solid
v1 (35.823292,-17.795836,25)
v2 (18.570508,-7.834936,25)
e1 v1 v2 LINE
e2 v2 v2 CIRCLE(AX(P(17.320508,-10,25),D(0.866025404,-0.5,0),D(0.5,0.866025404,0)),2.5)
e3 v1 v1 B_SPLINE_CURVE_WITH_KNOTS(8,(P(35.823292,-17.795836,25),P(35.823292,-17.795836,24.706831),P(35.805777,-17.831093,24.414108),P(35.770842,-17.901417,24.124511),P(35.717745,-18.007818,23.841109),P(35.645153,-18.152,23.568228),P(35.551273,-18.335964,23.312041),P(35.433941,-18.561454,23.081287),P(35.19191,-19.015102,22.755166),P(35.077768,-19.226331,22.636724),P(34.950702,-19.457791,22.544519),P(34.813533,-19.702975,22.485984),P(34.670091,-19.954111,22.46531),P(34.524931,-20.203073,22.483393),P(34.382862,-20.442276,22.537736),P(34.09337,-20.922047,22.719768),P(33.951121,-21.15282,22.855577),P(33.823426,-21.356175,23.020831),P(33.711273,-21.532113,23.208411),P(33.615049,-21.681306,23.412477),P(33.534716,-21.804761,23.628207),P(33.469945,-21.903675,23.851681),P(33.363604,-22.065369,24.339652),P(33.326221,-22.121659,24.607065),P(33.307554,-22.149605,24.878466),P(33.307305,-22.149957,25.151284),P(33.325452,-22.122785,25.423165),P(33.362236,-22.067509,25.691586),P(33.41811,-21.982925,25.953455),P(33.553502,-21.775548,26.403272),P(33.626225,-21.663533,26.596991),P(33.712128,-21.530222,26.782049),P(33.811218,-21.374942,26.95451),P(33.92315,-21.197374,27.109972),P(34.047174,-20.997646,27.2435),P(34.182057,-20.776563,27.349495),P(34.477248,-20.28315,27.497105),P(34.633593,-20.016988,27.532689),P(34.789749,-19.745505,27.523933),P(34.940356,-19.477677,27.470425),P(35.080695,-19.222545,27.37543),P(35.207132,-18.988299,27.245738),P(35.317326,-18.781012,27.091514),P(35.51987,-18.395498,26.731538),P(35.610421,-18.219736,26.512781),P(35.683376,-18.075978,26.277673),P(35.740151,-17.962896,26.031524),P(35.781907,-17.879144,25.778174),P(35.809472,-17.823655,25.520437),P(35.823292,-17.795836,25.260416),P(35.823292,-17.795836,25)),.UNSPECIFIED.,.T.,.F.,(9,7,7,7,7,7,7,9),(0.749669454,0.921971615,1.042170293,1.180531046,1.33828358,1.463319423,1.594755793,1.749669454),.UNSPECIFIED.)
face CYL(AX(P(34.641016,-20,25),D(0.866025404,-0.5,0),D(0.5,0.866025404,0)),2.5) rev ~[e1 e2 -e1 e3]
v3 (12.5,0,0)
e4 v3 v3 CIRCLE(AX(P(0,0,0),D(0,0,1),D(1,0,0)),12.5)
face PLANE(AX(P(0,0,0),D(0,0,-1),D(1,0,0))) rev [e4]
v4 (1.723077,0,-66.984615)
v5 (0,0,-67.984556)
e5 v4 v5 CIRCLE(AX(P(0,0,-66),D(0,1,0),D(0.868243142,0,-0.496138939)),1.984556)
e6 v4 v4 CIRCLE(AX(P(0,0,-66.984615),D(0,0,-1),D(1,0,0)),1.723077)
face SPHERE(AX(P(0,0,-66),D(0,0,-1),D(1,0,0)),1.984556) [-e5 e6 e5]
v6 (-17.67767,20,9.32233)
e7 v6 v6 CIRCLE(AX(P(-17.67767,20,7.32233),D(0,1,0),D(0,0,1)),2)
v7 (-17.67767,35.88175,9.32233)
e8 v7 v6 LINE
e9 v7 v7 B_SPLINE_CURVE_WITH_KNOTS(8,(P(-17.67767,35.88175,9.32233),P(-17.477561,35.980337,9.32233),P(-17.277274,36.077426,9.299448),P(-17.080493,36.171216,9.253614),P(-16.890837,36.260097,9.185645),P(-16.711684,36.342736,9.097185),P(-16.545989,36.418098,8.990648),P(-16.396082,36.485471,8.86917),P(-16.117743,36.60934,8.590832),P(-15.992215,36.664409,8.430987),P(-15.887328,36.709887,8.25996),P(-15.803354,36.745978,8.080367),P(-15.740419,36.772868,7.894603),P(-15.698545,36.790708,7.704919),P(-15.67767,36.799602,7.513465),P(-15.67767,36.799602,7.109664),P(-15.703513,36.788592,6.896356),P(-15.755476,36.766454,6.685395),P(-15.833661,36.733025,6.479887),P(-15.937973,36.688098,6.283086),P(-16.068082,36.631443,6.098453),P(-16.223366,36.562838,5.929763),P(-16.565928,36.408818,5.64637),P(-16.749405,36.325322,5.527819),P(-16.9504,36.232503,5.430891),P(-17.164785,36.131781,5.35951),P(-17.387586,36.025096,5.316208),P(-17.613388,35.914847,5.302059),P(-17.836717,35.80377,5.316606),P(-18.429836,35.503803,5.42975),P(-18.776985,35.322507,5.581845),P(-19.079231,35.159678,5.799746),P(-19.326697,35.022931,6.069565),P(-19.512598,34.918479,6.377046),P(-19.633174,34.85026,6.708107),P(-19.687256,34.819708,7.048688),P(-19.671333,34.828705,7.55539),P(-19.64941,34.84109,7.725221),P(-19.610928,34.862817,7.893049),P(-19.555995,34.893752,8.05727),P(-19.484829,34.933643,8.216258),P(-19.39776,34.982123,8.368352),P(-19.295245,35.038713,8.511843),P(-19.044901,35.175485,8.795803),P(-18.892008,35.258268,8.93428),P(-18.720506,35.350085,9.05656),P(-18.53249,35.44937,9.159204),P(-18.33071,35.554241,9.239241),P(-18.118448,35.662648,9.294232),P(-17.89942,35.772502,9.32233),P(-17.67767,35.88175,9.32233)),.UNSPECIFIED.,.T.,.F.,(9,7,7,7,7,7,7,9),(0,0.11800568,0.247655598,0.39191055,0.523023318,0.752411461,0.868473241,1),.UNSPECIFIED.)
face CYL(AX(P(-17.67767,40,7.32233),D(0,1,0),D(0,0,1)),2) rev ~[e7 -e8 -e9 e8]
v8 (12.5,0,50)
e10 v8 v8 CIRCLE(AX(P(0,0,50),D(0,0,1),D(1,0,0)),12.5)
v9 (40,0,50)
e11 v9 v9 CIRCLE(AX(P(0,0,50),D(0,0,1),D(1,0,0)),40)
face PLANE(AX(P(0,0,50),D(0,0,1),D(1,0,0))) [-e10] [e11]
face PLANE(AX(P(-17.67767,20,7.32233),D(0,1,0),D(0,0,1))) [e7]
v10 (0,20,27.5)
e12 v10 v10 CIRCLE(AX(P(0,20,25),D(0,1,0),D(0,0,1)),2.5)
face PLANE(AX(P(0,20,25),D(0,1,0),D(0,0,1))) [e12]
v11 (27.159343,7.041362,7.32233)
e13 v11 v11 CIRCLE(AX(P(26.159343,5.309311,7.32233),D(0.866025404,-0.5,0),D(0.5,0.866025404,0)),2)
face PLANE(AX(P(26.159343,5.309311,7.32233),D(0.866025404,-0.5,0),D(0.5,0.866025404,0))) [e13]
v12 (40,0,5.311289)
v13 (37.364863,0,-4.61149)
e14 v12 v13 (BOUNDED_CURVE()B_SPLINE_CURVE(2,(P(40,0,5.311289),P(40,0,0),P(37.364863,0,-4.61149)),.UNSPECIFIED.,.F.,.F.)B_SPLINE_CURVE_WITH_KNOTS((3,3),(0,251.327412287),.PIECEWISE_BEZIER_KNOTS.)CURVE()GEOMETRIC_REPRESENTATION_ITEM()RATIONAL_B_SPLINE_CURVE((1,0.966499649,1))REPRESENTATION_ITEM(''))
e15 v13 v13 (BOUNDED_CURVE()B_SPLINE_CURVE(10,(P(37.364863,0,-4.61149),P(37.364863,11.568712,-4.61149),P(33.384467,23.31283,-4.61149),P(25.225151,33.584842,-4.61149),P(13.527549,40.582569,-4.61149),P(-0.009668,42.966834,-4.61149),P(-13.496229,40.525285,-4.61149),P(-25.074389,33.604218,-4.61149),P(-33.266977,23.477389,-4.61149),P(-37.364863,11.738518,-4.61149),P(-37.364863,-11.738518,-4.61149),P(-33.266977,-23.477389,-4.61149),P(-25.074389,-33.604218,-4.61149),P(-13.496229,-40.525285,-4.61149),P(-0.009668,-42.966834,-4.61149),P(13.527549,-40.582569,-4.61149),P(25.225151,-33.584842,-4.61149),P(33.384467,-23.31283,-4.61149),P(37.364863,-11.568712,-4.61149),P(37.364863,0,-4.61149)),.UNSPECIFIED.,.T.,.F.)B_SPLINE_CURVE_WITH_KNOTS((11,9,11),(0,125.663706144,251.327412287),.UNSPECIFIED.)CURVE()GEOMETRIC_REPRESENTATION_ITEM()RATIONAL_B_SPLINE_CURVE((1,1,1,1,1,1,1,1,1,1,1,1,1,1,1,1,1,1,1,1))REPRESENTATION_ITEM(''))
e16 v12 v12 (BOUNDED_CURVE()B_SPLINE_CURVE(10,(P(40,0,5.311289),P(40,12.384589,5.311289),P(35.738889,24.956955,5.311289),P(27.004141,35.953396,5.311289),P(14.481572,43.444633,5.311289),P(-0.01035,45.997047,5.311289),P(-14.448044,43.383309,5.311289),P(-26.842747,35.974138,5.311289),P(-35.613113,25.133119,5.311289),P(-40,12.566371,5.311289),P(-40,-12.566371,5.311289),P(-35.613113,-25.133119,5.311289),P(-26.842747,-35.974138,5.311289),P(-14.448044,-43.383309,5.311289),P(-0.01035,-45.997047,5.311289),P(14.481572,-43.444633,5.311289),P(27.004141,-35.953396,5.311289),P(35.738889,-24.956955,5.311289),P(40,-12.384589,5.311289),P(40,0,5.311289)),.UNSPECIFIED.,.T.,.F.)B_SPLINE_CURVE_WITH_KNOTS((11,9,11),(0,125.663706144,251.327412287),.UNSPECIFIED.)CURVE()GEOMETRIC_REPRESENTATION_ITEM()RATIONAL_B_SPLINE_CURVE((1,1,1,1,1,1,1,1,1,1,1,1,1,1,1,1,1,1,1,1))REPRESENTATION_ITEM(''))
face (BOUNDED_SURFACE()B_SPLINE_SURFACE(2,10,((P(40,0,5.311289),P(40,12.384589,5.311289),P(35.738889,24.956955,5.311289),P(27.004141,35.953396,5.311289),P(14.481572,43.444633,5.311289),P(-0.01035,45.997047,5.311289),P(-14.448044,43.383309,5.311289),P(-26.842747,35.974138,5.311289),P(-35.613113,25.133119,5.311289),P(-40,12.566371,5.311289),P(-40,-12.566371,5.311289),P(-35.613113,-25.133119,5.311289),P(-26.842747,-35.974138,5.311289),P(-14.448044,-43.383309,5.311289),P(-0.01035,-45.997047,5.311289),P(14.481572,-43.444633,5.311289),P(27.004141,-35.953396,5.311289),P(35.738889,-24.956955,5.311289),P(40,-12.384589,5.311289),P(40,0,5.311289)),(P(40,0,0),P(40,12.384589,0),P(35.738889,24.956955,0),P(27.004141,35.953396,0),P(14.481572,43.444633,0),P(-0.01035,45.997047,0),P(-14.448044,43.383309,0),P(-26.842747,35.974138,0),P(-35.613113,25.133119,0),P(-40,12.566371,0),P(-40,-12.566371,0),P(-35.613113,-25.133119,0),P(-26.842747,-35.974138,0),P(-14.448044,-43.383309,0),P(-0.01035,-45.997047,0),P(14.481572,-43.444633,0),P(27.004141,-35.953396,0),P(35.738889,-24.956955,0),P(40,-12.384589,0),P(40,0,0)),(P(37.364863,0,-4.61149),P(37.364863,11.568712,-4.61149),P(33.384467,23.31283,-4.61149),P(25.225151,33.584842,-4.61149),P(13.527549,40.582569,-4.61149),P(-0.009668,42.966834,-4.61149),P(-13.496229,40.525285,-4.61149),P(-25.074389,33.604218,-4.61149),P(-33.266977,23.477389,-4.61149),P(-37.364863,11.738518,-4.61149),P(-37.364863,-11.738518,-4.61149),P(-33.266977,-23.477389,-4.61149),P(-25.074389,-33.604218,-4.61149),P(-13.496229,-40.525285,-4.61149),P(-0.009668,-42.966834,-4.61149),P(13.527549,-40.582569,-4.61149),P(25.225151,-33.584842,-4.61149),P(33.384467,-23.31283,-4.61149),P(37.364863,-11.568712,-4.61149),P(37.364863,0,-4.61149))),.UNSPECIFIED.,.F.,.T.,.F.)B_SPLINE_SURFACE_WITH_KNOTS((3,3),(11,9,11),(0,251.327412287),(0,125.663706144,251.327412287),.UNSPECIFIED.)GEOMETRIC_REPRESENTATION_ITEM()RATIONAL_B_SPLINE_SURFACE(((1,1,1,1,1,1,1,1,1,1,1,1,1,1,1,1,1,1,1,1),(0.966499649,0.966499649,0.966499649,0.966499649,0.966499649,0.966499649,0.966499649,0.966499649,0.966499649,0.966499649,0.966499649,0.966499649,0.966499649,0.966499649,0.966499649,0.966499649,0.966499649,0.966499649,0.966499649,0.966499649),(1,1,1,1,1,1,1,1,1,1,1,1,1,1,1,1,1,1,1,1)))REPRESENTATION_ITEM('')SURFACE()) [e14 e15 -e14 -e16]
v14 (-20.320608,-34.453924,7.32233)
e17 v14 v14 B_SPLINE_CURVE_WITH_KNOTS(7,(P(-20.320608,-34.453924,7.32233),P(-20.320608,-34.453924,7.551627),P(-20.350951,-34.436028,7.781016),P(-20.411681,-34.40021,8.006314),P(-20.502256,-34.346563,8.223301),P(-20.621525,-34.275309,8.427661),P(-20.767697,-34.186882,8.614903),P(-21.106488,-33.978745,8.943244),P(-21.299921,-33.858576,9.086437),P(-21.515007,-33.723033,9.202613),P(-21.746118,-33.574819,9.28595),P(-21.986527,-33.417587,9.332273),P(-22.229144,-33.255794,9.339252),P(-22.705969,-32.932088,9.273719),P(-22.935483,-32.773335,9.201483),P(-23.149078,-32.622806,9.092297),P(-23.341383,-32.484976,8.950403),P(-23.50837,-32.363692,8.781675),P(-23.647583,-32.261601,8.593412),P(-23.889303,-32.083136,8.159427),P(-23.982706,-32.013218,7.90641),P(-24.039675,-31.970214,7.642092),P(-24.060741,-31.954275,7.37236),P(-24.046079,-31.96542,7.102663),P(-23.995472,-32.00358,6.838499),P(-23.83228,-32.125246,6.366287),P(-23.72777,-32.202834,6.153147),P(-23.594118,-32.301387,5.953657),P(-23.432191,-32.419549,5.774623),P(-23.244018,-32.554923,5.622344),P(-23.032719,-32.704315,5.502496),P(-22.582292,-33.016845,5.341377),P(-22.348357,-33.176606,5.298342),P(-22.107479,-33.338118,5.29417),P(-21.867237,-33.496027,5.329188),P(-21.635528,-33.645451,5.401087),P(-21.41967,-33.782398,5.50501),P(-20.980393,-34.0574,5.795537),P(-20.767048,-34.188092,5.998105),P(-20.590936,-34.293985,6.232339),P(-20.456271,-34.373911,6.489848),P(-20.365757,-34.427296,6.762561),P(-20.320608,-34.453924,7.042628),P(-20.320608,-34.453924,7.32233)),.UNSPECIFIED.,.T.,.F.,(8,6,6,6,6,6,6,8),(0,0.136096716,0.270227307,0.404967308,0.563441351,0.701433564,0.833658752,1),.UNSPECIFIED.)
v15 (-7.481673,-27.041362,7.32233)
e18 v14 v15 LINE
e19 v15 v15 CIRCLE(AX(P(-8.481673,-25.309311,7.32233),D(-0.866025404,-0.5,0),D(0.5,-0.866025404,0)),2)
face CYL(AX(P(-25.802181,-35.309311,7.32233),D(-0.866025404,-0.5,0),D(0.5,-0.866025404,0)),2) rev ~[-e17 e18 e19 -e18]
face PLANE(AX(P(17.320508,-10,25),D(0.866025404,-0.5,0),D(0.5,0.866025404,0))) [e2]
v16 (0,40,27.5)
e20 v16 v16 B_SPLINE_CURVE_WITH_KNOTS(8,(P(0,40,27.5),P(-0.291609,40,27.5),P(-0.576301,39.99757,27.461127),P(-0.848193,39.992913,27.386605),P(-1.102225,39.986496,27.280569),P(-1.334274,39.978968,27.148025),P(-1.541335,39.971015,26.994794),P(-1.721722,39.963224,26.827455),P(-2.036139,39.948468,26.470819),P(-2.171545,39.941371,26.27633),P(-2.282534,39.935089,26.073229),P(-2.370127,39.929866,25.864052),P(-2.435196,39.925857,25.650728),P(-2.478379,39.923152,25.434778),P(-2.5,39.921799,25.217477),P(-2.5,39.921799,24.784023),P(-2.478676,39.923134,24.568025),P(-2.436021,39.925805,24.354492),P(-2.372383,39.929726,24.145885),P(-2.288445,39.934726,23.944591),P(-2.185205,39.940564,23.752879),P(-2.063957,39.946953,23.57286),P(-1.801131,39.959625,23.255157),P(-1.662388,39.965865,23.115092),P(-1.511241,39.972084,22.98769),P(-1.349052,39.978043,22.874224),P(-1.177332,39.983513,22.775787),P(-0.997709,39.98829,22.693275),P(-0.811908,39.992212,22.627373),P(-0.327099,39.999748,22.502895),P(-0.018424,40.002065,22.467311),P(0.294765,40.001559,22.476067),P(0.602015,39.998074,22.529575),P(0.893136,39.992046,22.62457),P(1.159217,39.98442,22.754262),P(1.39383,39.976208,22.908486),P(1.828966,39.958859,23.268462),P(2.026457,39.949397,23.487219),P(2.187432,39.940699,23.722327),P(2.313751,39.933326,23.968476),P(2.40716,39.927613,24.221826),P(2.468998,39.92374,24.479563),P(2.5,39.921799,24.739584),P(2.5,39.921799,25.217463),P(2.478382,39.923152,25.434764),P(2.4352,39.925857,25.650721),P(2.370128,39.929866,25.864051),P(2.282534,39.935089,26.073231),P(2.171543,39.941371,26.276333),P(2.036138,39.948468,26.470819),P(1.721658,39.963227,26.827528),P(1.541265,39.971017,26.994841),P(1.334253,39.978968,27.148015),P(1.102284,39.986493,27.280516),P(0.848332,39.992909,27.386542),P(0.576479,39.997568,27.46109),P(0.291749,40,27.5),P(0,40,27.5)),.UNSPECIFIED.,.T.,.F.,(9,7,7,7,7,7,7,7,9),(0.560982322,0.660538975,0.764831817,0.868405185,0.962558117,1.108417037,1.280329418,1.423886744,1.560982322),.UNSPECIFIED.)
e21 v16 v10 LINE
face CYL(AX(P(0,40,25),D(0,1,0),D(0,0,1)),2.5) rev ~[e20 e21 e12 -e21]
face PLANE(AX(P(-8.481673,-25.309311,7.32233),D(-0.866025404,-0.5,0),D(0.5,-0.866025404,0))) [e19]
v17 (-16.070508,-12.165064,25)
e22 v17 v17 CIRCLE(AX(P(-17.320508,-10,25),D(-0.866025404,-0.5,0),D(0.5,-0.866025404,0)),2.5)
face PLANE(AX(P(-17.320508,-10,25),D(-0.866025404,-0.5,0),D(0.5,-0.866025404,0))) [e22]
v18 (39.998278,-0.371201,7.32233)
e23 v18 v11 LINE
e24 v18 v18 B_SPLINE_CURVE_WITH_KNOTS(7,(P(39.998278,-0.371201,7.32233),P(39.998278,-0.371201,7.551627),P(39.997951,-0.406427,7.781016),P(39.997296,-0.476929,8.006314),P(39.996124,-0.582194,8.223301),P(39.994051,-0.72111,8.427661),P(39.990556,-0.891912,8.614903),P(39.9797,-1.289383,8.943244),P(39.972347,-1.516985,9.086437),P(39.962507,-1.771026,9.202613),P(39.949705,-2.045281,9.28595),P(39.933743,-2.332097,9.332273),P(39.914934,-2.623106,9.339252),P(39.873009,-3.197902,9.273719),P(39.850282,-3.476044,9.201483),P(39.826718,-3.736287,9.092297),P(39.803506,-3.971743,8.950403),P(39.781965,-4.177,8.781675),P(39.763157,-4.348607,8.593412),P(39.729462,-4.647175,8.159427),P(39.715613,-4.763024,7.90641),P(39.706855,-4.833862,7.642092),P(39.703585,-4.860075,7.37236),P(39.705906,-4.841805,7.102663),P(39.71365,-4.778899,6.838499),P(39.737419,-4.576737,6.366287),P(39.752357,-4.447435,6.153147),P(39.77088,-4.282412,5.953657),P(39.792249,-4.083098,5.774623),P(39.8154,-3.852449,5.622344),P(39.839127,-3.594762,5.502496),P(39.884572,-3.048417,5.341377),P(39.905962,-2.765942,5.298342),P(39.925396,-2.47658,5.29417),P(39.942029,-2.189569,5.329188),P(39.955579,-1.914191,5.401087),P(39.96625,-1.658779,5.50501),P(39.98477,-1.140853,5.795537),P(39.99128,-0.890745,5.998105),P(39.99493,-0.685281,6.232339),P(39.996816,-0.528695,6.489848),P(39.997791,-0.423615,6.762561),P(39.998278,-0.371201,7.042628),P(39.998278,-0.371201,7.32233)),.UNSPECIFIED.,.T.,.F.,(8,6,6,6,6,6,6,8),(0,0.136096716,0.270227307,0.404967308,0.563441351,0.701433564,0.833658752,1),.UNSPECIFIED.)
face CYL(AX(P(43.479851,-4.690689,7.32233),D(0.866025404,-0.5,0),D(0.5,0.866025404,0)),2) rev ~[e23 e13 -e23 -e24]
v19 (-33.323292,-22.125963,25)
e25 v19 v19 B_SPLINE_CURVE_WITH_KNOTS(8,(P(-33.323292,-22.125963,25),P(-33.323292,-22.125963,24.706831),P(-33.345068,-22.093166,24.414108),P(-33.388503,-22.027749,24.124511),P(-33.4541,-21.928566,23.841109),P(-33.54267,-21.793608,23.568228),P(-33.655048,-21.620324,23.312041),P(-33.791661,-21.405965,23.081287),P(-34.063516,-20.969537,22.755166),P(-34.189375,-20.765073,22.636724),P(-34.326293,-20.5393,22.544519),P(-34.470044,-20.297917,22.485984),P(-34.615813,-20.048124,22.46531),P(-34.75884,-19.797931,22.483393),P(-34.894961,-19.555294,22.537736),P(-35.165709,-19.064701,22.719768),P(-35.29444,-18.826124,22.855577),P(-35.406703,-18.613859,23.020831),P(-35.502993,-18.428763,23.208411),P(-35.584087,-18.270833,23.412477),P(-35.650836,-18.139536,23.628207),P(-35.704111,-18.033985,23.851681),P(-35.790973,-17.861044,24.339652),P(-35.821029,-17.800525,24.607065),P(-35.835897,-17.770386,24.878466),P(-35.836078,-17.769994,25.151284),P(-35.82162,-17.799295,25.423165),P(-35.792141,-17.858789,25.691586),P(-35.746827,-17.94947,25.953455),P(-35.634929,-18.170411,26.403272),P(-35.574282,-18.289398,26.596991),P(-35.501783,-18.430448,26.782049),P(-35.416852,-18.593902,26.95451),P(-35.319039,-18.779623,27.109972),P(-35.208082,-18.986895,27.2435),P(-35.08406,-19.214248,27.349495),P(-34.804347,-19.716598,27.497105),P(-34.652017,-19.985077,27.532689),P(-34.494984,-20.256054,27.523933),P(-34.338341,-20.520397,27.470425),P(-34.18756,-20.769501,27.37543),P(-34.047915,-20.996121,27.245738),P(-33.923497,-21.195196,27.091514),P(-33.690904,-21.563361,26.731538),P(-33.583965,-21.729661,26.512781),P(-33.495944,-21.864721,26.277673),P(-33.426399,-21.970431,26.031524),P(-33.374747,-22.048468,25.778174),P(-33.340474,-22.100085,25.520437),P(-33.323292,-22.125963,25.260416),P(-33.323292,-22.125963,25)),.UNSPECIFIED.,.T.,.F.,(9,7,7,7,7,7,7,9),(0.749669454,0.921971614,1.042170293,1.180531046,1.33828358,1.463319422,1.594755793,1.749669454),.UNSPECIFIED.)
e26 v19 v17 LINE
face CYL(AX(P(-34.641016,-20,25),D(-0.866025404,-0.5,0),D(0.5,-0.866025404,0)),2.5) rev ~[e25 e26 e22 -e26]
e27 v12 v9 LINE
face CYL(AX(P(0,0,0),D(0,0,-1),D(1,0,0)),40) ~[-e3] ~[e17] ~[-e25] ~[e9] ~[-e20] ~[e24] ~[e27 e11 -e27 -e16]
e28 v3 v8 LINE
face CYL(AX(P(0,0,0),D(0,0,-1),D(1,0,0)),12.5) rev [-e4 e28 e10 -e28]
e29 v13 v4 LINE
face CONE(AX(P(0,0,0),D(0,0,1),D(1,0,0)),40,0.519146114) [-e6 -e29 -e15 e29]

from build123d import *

# Parameters (mm, degrees)
CROQUIS1_R              = 40
CROQUIS1_R_2            = 12.5
SALIENTE_EXTRUIR1_DEPTH = 50
CROQUIS2_R              = 2.5
CORTAR_EXTRUIR1_DEPTH   = 20
CROQUIS3_R              = 2.5
CORTAR_EXTRUIR2_DEPTH   = 20
CROQUIS4_R              = 2.5
CORTAR_EXTRUIR3_DEPTH   = 20
CROQUIS5_R              = 2
CORTAR_EXTRUIR4_DEPTH   = 20
CROQUIS6_R              = 2
CORTAR_EXTRUIR5_DEPTH   = 20
CROQUIS7_R              = 2
CORTAR_EXTRUIR6_DEPTH   = 20
REDONDEO1_R             = 20


with BuildPart() as part:
    # Croquis1 → Saliente-Extruir1 (new body)
    with BuildSketch(Plane.XY):
        Circle(CROQUIS1_R)
        Circle(CROQUIS1_R_2, mode=Mode.SUBTRACT)
    extrude(amount=SALIENTE_EXTRUIR1_DEPTH)

    # Croquis2 → Cortar-Extruir1 (cut)
    with BuildSketch(Plane(origin=(34.641016151, -20, 0), x_dir=(0, 0, -1), z_dir=(0.8660254037844364, -0.5000000000000041, 0))):
        with Locations(Location((-25, 0, 0), (0, 0, 90))):
            Circle(CROQUIS2_R)
    extrude(amount=-CORTAR_EXTRUIR1_DEPTH, mode=Mode.SUBTRACT)

    # Croquis3 → Cortar-Extruir2 (cut)
    with BuildSketch(Plane(origin=(0, 40, 0), x_dir=(1, 0, 0), z_dir=(0, 1, 0))):
        with Locations(Location((0, -25, 0), (0, 0, 270))):
            Circle(CROQUIS3_R)
    extrude(amount=-CORTAR_EXTRUIR2_DEPTH, mode=Mode.SUBTRACT)

    # Croquis4 → Cortar-Extruir3 (cut)
    with BuildSketch(Plane(origin=(-34.641016151, -20, 0), x_dir=(0, 0, -1), z_dir=(-0.8660254037844398, -0.499999999999998, 0))):
        with Locations(Location((-25, 0, 0), (0, 0, 90))):
            Circle(CROQUIS4_R)
    extrude(amount=-CORTAR_EXTRUIR3_DEPTH, mode=Mode.SUBTRACT)

    # Croquis5 → Cortar-Extruir4 (cut)
    with BuildSketch(Plane(origin=(-34.641016151, -20, 0), x_dir=(0, 0, -1), z_dir=(-0.8660254037844398, -0.499999999999998, 0))):
        with Locations(Location((-7.32233047, 17.67766953, 0), (0, 0, 90))):
            Circle(CROQUIS5_R)
    extrude(amount=-CORTAR_EXTRUIR4_DEPTH, mode=Mode.SUBTRACT)

    # Croquis6 → Cortar-Extruir5 (cut)
    with BuildSketch(Plane(origin=(34.641016151, -20, 0), x_dir=(0, 0, -1), z_dir=(0.8660254037844364, -0.5000000000000041, 0))):
        with Locations(Location((-7.32233047, 17.67766953, 0), (0, 0, 90))):
            Circle(CROQUIS6_R)
    extrude(amount=-CORTAR_EXTRUIR5_DEPTH, mode=Mode.SUBTRACT)

    # Croquis7 → Cortar-Extruir6 (cut)
    with BuildSketch(Plane(origin=(0, 40, 0), x_dir=(1, 0, 0), z_dir=(0, 1, 0))):
        with Locations(Location((-17.67766953, -7.32233047, 0), (0, 0, 270))):
            Circle(CROQUIS7_R)
    extrude(amount=-CORTAR_EXTRUIR6_DEPTH, mode=Mode.SUBTRACT)

    # Croquis8 → Revolución1 (revolve)
    with BuildSketch(Plane(origin=(0, 0, 0), x_dir=(1, 0, 0), z_dir=(0, 1, 0))):
        with BuildLine():
            Line((0, 0), (40, 0))
            Line((40, 0), (1.723076923, 66.984615385))
            ThreePointArc((1.723076923, 66.984615385), (0.996101755, 67.716462301), (0, 67.984555753))
            Line((0, 67.984555753), (0, 64.015444247))
            Line((0, 64.015444247), (0, 0))
        make_face()
    revolve(axis=Axis((0, 0, 0), (0, 0, -1)))

    # Redondeo1
    redondeo1_edges = [part.edges().sort_by_distance(p)[0] for p in [
        (-40, 0, 0),
    ]]
    fillet(redondeo1_edges, radius=REDONDEO1_R)


solid = part.part
